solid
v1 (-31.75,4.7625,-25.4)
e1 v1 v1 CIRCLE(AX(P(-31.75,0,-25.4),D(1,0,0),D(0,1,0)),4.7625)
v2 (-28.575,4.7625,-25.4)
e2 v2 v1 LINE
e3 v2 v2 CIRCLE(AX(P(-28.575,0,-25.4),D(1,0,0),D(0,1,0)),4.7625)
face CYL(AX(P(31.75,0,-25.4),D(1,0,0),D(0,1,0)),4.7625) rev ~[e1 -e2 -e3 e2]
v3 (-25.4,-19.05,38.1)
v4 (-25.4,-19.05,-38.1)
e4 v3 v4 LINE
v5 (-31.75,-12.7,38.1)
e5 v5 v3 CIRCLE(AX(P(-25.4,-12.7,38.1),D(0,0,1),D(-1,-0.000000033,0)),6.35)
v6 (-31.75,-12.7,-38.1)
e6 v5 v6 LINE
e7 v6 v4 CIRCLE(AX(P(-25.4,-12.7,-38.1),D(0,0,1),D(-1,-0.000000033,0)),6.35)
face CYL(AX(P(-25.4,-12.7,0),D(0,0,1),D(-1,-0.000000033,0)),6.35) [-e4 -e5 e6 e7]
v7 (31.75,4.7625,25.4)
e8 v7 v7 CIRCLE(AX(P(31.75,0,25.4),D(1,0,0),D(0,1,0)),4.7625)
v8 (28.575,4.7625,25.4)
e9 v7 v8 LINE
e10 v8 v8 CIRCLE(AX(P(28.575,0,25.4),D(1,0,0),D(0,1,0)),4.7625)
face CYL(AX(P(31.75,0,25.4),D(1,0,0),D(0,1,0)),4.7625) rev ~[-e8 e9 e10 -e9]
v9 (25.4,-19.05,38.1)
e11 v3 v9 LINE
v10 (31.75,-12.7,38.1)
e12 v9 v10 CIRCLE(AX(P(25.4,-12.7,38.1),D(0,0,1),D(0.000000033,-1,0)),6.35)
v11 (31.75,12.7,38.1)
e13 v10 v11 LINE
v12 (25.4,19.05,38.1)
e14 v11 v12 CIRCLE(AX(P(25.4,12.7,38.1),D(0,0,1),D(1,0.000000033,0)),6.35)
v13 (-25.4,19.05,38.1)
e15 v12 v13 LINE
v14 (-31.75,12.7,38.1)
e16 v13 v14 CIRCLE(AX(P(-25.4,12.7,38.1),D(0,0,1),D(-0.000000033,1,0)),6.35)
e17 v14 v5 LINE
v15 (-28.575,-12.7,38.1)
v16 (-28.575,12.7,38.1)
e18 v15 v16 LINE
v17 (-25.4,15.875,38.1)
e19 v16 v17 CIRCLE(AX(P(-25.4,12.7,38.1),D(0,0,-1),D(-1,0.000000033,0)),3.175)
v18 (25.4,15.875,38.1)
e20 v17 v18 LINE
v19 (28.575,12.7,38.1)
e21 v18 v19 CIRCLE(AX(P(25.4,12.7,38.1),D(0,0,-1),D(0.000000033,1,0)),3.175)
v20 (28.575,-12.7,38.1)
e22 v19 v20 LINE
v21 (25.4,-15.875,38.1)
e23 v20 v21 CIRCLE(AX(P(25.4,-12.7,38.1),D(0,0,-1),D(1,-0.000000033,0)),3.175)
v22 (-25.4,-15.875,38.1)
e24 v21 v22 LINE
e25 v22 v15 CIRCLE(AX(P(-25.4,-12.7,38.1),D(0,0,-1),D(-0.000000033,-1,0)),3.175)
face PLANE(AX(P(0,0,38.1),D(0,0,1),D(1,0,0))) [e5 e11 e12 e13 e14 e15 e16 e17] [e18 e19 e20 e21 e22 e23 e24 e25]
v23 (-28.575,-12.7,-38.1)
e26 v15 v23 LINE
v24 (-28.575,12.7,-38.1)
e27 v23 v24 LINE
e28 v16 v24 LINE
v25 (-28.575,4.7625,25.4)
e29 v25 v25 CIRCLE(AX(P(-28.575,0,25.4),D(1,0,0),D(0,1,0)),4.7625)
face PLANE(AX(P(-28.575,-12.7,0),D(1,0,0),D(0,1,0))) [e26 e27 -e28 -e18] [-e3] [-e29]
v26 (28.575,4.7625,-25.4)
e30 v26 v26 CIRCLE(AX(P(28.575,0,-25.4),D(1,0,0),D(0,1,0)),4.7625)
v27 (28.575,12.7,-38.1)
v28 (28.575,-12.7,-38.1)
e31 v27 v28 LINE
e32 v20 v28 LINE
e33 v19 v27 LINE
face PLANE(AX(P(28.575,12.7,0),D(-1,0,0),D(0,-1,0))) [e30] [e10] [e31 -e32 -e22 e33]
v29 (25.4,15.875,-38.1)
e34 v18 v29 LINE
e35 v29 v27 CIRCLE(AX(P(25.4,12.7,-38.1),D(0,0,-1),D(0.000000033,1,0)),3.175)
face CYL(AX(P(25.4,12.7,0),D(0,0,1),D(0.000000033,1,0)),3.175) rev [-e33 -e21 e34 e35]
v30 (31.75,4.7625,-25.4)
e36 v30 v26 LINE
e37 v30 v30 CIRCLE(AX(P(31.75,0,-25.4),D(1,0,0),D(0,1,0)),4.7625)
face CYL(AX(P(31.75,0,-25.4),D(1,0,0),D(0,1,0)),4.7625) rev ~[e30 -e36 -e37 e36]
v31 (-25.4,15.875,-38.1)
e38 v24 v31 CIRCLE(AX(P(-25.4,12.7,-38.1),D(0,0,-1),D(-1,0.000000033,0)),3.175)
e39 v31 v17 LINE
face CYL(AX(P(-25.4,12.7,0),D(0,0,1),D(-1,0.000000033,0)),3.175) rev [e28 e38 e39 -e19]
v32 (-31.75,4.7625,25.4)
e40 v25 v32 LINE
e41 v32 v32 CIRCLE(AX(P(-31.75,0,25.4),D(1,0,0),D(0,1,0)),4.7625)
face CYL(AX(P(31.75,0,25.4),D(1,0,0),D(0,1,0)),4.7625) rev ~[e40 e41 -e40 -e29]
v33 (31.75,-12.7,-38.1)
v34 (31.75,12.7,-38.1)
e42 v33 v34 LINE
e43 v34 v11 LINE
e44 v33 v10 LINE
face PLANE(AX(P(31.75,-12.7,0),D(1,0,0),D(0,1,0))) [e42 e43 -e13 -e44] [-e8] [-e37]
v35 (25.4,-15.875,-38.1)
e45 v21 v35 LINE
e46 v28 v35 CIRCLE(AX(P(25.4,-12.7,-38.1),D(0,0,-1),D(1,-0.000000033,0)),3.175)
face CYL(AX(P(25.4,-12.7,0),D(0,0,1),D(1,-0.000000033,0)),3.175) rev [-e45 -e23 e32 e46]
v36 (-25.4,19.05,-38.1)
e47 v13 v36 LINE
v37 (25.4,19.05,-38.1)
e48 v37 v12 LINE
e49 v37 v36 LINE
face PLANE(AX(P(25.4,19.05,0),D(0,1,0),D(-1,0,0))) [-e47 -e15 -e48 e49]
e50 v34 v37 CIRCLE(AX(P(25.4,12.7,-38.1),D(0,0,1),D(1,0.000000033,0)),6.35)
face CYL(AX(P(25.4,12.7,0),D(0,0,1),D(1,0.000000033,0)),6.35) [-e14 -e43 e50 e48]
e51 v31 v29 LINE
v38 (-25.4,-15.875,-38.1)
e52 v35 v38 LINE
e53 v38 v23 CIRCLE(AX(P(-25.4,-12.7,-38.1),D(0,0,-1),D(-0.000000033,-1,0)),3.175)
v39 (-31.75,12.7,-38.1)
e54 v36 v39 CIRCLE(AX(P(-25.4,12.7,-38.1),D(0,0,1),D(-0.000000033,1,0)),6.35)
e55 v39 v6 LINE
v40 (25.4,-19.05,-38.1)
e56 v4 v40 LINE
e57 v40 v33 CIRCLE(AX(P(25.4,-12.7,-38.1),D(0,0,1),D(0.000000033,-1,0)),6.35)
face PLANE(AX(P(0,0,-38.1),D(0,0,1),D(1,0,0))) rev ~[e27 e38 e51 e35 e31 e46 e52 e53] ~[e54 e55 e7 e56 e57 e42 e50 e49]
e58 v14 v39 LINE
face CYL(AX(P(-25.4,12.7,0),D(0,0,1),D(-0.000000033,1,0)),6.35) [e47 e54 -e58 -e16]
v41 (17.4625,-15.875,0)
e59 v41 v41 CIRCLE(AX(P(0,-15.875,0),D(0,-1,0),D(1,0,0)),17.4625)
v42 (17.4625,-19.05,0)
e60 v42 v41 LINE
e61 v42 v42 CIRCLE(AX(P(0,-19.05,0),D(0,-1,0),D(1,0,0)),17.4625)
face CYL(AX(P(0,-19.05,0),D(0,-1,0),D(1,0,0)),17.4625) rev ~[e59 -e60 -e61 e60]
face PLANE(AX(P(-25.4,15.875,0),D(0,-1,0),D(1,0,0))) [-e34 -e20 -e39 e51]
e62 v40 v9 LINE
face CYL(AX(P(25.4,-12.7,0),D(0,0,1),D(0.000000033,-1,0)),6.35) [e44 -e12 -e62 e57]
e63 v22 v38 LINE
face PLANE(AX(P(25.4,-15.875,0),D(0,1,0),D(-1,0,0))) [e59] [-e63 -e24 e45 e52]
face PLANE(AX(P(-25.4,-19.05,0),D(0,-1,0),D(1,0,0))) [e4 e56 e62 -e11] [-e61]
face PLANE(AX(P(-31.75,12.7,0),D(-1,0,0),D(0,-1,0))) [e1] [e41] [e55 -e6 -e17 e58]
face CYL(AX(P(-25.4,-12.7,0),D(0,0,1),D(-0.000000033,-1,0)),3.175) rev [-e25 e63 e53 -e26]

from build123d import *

# Parameters (mm, degrees)
F1_DEPTH = 38.1
F2_R     = 4.7625
F3_DEPTH = 63.501
F4_R     = 17.4625
F5_DEPTH = 3.175


with BuildPart() as f1:
    # F0 (on Top) → F1 (new body, symmetric)
    with BuildSketch(Plane.XY):
        with BuildLine():
            Line((-25.4, -19.05), (25.4, -19.05))
            ThreePointArc((25.4, -19.05), (29.890128, -17.190128), (31.75, -12.7))
            Line((31.75, -12.7), (31.75, 12.7))
            ThreePointArc((31.75, 12.7), (29.890128, 17.190128), (25.4, 19.05))
            Line((25.4, 19.05), (-25.4, 19.05))
            ThreePointArc((-25.4, 19.05), (-29.890128, 17.190128), (-31.75, 12.7))
            Line((-31.75, 12.7), (-31.75, -12.7))
            ThreePointArc((-31.75, -12.7), (-29.890128, -17.190128), (-25.4, -19.05))
        make_face()
        with BuildLine():
            Line((-25.4, 15.875), (25.4, 15.875))
            ThreePointArc((25.4, 15.875), (27.645064, 14.945064), (28.575, 12.7))
            Line((28.575, 12.7), (28.575, -12.7))
            ThreePointArc((28.575, -12.7), (27.645064, -14.945064), (25.4, -15.875))
            Line((25.4, -15.875), (-25.4, -15.875))
            ThreePointArc((-25.4, -15.875), (-27.645064, -14.945064), (-28.575, -12.7))
            Line((-28.575, -12.7), (-28.575, 12.7))
            ThreePointArc((-28.575, 12.7), (-27.645064, 14.945064), (-25.4, 15.875))
        make_face(mode=Mode.SUBTRACT)
    extrude(amount=F1_DEPTH, both=True)

    # F2 (on face) → F3 (cut, through all)
    with BuildSketch(Plane.YZ.offset(31.75)):
        with Locations((0, 25.4)):
            Circle(F2_R)
        with Locations((0, -25.4)):
            Circle(F2_R)
    extrude(amount=-F3_DEPTH, mode=Mode.SUBTRACT)

    # F4 (on face) → F5 (cut, through all)
    with BuildSketch(Plane.XZ.offset(19.05)):
        Circle(F4_R)
    extrude(amount=-F5_DEPTH, mode=Mode.SUBTRACT)


solid = f1.part
